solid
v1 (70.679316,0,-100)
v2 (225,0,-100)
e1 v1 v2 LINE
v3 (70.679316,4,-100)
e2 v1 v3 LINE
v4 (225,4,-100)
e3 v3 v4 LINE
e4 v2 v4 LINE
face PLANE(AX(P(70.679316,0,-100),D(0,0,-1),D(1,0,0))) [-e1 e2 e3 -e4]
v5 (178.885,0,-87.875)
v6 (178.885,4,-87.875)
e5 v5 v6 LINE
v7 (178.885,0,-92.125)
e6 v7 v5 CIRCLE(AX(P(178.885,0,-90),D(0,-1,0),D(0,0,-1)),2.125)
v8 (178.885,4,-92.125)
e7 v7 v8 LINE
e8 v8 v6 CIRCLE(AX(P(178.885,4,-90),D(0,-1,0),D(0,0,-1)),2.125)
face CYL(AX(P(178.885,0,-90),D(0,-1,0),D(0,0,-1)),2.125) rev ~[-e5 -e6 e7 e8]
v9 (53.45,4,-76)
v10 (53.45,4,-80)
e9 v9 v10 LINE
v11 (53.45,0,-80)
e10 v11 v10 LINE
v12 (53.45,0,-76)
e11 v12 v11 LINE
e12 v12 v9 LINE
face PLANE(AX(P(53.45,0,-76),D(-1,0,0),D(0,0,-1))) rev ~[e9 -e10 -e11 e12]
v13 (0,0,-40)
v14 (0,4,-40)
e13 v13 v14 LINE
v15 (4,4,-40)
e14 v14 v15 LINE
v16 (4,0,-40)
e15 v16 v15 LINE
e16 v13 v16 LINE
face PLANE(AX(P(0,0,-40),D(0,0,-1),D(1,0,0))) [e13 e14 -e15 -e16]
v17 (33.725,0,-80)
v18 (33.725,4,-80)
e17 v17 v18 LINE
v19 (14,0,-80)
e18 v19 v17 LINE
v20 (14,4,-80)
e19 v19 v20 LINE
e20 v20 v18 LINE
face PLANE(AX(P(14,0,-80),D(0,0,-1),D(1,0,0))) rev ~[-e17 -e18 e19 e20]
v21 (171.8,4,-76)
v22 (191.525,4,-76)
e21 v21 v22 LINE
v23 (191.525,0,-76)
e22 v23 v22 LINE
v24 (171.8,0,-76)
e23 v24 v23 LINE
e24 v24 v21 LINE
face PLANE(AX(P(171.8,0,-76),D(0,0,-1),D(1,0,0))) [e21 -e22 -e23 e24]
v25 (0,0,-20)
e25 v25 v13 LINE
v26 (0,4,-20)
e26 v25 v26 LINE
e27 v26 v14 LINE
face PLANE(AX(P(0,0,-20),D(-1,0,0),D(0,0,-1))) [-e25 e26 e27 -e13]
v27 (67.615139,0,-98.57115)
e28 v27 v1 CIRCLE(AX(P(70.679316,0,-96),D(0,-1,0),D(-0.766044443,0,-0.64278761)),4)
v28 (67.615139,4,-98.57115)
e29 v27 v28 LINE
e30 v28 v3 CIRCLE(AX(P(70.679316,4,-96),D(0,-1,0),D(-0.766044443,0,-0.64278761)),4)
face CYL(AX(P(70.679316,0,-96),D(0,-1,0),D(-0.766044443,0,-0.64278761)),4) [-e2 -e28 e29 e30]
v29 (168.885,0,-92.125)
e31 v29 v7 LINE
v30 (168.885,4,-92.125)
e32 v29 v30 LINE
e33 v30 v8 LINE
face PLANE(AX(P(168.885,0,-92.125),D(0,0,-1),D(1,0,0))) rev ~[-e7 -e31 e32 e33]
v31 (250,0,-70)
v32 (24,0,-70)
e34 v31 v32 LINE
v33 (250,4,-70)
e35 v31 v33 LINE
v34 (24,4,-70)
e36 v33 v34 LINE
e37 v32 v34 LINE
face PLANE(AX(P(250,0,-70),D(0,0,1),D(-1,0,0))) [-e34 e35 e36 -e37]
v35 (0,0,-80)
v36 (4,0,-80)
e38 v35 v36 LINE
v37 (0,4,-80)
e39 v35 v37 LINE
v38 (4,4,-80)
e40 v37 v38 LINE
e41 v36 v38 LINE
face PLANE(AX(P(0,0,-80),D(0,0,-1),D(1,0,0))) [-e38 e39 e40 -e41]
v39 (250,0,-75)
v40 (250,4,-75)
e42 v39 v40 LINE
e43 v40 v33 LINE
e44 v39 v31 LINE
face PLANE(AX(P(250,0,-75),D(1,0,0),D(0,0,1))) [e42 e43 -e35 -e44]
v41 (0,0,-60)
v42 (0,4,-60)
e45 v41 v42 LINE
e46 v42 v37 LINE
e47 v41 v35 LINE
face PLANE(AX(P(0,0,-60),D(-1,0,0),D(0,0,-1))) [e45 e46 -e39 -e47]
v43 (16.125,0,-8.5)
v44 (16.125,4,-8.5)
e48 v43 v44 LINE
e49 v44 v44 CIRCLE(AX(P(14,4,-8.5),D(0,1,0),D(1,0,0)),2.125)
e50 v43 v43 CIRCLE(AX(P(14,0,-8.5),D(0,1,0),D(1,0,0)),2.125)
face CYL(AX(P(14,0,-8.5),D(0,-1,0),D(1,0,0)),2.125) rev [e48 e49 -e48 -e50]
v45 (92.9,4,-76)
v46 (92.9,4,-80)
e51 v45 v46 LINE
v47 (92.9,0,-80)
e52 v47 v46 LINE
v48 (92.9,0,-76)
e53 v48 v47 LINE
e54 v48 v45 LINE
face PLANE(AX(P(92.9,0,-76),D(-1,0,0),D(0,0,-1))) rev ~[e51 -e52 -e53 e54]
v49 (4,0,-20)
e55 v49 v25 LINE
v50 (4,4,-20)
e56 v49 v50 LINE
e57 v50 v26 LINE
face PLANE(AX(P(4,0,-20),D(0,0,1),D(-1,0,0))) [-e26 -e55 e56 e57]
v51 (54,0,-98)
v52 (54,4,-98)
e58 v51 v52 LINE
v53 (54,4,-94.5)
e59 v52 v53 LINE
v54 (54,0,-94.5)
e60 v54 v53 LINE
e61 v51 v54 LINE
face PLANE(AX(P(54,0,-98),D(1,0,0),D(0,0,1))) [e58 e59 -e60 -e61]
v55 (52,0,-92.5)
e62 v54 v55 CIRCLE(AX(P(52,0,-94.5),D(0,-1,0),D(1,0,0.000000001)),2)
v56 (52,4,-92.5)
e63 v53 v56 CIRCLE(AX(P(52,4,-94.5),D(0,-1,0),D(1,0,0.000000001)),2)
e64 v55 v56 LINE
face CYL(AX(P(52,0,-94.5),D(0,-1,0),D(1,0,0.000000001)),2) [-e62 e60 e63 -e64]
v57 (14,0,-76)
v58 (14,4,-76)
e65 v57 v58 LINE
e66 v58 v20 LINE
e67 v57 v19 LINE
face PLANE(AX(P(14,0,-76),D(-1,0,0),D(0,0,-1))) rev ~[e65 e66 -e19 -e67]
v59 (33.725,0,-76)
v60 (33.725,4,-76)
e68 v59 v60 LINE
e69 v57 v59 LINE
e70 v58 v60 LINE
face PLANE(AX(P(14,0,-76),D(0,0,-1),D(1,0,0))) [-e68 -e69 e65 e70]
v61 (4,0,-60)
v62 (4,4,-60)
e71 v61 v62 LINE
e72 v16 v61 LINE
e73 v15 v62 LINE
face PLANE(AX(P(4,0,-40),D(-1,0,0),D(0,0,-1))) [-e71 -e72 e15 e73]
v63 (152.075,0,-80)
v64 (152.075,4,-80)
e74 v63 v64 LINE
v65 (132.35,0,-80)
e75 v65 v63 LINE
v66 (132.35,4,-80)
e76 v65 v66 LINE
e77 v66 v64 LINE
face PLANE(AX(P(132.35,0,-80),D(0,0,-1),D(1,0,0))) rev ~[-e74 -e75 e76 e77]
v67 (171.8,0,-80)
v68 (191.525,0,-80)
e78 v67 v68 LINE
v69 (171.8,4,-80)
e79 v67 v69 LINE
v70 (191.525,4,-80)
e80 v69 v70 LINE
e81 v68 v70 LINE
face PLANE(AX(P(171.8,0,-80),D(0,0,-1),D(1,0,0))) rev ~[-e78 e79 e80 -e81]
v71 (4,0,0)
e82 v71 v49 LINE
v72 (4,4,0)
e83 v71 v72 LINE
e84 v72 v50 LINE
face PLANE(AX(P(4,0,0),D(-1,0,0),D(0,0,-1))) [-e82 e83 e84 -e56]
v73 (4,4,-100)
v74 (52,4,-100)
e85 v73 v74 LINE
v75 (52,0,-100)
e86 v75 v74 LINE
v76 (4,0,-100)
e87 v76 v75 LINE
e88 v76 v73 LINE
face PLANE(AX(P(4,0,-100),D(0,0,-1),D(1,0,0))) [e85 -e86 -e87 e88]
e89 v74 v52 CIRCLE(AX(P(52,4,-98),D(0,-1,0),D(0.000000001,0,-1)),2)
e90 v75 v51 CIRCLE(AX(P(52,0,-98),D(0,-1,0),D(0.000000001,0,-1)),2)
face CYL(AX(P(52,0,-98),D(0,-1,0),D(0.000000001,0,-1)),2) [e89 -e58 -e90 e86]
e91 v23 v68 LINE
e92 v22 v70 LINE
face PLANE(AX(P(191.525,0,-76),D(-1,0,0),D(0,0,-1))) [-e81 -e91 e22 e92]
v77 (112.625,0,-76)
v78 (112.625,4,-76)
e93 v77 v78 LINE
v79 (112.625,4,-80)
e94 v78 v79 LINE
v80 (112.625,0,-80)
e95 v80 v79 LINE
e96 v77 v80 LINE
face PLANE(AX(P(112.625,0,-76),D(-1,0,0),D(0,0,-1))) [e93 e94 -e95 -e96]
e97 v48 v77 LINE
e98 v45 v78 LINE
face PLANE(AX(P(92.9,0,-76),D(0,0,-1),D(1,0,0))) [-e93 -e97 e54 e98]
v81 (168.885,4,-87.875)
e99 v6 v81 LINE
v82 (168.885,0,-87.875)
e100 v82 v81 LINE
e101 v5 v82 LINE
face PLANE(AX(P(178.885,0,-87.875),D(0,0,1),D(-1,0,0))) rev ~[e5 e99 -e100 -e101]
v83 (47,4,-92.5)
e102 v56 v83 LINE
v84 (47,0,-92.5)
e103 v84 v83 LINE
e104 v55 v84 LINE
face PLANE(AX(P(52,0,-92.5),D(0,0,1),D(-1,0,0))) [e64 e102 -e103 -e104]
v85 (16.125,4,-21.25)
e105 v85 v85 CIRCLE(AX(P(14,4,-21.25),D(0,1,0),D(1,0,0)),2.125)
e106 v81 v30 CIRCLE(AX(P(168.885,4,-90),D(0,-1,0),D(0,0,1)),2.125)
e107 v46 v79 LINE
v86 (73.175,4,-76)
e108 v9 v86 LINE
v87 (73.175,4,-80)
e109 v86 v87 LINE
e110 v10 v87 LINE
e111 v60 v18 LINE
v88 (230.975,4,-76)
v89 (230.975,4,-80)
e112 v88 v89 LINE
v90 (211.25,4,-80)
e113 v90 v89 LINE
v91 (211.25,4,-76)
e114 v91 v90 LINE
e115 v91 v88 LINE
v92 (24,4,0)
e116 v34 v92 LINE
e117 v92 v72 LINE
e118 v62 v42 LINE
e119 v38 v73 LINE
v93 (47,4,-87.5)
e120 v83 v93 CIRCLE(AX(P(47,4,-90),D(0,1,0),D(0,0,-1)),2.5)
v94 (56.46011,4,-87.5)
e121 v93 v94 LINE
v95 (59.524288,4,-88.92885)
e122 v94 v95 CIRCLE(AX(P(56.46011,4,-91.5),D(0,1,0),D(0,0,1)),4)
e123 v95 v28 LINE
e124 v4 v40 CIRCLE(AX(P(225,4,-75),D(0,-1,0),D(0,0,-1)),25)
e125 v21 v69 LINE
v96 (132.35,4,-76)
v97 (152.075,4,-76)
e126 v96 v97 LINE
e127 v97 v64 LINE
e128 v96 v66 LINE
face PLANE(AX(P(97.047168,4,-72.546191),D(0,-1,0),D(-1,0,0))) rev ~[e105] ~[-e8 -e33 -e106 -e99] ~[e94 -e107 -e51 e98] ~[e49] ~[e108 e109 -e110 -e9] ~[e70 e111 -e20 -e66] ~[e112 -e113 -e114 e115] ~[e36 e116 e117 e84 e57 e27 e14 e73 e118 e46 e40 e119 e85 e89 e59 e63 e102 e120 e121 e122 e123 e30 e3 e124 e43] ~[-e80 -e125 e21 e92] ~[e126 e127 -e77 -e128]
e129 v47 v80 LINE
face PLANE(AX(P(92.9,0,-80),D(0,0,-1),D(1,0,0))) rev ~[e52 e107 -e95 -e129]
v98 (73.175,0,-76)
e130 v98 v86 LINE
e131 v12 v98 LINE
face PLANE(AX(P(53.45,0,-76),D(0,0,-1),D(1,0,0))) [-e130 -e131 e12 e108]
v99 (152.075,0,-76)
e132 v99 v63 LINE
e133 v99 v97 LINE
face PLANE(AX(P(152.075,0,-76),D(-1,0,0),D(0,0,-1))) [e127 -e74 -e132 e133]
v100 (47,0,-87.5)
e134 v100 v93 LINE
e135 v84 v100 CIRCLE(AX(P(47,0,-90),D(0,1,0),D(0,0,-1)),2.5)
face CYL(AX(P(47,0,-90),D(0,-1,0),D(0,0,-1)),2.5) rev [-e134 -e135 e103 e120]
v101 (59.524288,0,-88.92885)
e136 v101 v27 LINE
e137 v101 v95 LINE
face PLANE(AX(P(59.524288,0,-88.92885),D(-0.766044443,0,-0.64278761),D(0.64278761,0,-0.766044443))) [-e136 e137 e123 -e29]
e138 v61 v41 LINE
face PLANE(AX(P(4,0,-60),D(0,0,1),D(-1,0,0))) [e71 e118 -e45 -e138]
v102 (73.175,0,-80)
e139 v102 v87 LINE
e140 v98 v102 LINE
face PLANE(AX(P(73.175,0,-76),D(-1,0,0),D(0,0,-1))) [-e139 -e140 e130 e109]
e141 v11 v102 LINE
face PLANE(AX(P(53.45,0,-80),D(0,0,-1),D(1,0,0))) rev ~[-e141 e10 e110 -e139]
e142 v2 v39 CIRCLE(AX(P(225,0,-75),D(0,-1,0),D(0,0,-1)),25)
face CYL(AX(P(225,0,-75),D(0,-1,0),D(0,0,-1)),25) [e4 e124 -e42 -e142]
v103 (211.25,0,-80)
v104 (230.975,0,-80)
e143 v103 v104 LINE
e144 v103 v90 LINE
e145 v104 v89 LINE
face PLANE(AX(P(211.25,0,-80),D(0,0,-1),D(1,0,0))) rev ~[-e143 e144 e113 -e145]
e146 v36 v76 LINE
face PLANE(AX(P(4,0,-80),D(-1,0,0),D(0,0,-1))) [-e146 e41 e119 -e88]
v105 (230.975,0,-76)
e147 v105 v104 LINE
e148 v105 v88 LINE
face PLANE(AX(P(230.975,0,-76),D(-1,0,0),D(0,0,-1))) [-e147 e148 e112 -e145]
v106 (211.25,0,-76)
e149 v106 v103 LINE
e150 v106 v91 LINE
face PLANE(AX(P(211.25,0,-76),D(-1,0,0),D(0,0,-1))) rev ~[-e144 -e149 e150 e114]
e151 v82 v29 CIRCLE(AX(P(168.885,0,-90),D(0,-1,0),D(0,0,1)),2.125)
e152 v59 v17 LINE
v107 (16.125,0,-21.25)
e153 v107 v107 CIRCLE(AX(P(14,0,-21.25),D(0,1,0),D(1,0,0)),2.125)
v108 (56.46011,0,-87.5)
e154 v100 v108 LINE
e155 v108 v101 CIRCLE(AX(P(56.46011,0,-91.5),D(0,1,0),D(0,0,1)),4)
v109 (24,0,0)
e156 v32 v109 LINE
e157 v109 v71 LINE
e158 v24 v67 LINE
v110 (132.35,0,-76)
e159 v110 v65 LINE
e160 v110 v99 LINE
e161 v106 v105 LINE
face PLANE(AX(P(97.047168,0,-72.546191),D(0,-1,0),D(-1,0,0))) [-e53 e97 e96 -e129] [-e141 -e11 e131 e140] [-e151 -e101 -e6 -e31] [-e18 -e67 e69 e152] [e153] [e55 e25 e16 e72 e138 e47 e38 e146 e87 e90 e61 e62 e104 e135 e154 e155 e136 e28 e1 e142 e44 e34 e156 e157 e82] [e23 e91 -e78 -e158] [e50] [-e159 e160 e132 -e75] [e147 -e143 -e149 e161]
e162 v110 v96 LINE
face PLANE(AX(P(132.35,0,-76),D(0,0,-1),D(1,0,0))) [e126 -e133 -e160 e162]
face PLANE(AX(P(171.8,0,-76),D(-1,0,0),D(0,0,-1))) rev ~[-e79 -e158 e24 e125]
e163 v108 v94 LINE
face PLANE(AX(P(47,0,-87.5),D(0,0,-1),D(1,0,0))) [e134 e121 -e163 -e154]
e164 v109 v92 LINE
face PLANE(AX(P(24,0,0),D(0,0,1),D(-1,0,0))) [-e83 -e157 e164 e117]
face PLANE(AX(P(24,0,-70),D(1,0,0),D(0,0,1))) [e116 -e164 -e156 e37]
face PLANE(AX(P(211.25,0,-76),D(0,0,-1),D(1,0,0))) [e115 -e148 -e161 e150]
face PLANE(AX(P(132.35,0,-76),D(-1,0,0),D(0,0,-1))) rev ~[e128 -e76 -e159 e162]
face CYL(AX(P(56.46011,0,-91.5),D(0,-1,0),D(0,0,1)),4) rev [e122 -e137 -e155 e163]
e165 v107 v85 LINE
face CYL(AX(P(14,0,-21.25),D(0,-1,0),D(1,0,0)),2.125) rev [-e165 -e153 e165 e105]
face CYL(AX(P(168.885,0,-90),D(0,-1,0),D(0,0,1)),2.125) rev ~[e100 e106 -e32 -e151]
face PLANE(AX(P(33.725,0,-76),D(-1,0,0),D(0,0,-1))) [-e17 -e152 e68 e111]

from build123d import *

# Parameters (mm, degrees)
SKETCH1_R           = 2.125
SKETCH1_W           = 19.725
SKETCH1_H           = 4
BOSS_EXTRUDE1_DEPTH = 4


with BuildPart() as part:
    # Sketch1 → Boss-Extrude1 (new body)
    with BuildSketch(Plane(origin=(0, 0, 0), x_dir=(1, 0, 0), z_dir=(0, 1, 0))):
        with BuildLine():
            Line((4, 0), (4, 20))
            Line((4, 20), (0, 20))
            Line((0, 20), (0, 40))
            Line((0, 40), (4, 40))
            Line((4, 40), (4, 60))
            Line((4, 60), (0, 60))
            Line((0, 60), (0, 80))
            Line((0, 80), (4, 80))
            Line((4, 80), (4, 100))
            Line((4, 100), (52, 100))
            ThreePointArc((52, 100), (53.414213562, 99.414213562), (54, 98))
            Line((54, 98), (54, 94.5))
            ThreePointArc((54, 94.5), (53.414213562, 93.085786438), (52, 92.5))
            Line((52, 92.5), (47, 92.5))
            ThreePointArc((47, 92.5), (44.5, 90), (47, 87.5))
            Line((47, 87.5), (56.460109826, 87.5))
            ThreePointArc((56.460109826, 87.5), (58.150582873, 87.874768852), (59.524287598, 88.928849561))
            Line((59.524287598, 88.928849561), (67.615138708, 98.571150439))
            ThreePointArc((67.615138708, 98.571150439), (68.988843434, 99.625231148), (70.679316481, 100))
            Line((70.679316481, 100), (225, 100))
            ThreePointArc((225, 100), (242.67766953, 92.67766953), (250, 75))
            Line((250, 75), (250, 70))
            Line((250, 70), (24, 70))
            Line((24, 70), (24, 0))
            Line((24, 0), (4, 0))
        make_face()
        with Locations((14, 8.5)):
            Circle(SKETCH1_R, mode=Mode.SUBTRACT)
        with Locations((14, 21.25)):
            Circle(SKETCH1_R, mode=Mode.SUBTRACT)
        with Locations((63.3125, 78)):
            Rectangle(SKETCH1_W, SKETCH1_H, mode=Mode.SUBTRACT)
        with Locations((23.8625, 78)):
            Rectangle(SKETCH1_W, SKETCH1_H, mode=Mode.SUBTRACT)
        with Locations((102.7625, 78)):
            Rectangle(SKETCH1_W, SKETCH1_H, mode=Mode.SUBTRACT)
        with Locations((142.2125, 78)):
            Rectangle(SKETCH1_W, SKETCH1_H, mode=Mode.SUBTRACT)
        with Locations((181.6625, 78)):
            Rectangle(SKETCH1_W, SKETCH1_H, mode=Mode.SUBTRACT)
        with Locations((221.1125, 78)):
            Rectangle(SKETCH1_W, SKETCH1_H, mode=Mode.SUBTRACT)
        with BuildLine():
            Line((168.885, 92.125), (178.885, 92.125))
            ThreePointArc((178.885, 92.125), (181.01, 90), (178.885, 87.875))
            Line((178.885, 87.875), (168.885, 87.875))
            ThreePointArc((168.885, 87.875), (166.76, 90), (168.885, 92.125))
        make_face(mode=Mode.SUBTRACT)
    extrude(amount=BOSS_EXTRUDE1_DEPTH)


solid = part.part
